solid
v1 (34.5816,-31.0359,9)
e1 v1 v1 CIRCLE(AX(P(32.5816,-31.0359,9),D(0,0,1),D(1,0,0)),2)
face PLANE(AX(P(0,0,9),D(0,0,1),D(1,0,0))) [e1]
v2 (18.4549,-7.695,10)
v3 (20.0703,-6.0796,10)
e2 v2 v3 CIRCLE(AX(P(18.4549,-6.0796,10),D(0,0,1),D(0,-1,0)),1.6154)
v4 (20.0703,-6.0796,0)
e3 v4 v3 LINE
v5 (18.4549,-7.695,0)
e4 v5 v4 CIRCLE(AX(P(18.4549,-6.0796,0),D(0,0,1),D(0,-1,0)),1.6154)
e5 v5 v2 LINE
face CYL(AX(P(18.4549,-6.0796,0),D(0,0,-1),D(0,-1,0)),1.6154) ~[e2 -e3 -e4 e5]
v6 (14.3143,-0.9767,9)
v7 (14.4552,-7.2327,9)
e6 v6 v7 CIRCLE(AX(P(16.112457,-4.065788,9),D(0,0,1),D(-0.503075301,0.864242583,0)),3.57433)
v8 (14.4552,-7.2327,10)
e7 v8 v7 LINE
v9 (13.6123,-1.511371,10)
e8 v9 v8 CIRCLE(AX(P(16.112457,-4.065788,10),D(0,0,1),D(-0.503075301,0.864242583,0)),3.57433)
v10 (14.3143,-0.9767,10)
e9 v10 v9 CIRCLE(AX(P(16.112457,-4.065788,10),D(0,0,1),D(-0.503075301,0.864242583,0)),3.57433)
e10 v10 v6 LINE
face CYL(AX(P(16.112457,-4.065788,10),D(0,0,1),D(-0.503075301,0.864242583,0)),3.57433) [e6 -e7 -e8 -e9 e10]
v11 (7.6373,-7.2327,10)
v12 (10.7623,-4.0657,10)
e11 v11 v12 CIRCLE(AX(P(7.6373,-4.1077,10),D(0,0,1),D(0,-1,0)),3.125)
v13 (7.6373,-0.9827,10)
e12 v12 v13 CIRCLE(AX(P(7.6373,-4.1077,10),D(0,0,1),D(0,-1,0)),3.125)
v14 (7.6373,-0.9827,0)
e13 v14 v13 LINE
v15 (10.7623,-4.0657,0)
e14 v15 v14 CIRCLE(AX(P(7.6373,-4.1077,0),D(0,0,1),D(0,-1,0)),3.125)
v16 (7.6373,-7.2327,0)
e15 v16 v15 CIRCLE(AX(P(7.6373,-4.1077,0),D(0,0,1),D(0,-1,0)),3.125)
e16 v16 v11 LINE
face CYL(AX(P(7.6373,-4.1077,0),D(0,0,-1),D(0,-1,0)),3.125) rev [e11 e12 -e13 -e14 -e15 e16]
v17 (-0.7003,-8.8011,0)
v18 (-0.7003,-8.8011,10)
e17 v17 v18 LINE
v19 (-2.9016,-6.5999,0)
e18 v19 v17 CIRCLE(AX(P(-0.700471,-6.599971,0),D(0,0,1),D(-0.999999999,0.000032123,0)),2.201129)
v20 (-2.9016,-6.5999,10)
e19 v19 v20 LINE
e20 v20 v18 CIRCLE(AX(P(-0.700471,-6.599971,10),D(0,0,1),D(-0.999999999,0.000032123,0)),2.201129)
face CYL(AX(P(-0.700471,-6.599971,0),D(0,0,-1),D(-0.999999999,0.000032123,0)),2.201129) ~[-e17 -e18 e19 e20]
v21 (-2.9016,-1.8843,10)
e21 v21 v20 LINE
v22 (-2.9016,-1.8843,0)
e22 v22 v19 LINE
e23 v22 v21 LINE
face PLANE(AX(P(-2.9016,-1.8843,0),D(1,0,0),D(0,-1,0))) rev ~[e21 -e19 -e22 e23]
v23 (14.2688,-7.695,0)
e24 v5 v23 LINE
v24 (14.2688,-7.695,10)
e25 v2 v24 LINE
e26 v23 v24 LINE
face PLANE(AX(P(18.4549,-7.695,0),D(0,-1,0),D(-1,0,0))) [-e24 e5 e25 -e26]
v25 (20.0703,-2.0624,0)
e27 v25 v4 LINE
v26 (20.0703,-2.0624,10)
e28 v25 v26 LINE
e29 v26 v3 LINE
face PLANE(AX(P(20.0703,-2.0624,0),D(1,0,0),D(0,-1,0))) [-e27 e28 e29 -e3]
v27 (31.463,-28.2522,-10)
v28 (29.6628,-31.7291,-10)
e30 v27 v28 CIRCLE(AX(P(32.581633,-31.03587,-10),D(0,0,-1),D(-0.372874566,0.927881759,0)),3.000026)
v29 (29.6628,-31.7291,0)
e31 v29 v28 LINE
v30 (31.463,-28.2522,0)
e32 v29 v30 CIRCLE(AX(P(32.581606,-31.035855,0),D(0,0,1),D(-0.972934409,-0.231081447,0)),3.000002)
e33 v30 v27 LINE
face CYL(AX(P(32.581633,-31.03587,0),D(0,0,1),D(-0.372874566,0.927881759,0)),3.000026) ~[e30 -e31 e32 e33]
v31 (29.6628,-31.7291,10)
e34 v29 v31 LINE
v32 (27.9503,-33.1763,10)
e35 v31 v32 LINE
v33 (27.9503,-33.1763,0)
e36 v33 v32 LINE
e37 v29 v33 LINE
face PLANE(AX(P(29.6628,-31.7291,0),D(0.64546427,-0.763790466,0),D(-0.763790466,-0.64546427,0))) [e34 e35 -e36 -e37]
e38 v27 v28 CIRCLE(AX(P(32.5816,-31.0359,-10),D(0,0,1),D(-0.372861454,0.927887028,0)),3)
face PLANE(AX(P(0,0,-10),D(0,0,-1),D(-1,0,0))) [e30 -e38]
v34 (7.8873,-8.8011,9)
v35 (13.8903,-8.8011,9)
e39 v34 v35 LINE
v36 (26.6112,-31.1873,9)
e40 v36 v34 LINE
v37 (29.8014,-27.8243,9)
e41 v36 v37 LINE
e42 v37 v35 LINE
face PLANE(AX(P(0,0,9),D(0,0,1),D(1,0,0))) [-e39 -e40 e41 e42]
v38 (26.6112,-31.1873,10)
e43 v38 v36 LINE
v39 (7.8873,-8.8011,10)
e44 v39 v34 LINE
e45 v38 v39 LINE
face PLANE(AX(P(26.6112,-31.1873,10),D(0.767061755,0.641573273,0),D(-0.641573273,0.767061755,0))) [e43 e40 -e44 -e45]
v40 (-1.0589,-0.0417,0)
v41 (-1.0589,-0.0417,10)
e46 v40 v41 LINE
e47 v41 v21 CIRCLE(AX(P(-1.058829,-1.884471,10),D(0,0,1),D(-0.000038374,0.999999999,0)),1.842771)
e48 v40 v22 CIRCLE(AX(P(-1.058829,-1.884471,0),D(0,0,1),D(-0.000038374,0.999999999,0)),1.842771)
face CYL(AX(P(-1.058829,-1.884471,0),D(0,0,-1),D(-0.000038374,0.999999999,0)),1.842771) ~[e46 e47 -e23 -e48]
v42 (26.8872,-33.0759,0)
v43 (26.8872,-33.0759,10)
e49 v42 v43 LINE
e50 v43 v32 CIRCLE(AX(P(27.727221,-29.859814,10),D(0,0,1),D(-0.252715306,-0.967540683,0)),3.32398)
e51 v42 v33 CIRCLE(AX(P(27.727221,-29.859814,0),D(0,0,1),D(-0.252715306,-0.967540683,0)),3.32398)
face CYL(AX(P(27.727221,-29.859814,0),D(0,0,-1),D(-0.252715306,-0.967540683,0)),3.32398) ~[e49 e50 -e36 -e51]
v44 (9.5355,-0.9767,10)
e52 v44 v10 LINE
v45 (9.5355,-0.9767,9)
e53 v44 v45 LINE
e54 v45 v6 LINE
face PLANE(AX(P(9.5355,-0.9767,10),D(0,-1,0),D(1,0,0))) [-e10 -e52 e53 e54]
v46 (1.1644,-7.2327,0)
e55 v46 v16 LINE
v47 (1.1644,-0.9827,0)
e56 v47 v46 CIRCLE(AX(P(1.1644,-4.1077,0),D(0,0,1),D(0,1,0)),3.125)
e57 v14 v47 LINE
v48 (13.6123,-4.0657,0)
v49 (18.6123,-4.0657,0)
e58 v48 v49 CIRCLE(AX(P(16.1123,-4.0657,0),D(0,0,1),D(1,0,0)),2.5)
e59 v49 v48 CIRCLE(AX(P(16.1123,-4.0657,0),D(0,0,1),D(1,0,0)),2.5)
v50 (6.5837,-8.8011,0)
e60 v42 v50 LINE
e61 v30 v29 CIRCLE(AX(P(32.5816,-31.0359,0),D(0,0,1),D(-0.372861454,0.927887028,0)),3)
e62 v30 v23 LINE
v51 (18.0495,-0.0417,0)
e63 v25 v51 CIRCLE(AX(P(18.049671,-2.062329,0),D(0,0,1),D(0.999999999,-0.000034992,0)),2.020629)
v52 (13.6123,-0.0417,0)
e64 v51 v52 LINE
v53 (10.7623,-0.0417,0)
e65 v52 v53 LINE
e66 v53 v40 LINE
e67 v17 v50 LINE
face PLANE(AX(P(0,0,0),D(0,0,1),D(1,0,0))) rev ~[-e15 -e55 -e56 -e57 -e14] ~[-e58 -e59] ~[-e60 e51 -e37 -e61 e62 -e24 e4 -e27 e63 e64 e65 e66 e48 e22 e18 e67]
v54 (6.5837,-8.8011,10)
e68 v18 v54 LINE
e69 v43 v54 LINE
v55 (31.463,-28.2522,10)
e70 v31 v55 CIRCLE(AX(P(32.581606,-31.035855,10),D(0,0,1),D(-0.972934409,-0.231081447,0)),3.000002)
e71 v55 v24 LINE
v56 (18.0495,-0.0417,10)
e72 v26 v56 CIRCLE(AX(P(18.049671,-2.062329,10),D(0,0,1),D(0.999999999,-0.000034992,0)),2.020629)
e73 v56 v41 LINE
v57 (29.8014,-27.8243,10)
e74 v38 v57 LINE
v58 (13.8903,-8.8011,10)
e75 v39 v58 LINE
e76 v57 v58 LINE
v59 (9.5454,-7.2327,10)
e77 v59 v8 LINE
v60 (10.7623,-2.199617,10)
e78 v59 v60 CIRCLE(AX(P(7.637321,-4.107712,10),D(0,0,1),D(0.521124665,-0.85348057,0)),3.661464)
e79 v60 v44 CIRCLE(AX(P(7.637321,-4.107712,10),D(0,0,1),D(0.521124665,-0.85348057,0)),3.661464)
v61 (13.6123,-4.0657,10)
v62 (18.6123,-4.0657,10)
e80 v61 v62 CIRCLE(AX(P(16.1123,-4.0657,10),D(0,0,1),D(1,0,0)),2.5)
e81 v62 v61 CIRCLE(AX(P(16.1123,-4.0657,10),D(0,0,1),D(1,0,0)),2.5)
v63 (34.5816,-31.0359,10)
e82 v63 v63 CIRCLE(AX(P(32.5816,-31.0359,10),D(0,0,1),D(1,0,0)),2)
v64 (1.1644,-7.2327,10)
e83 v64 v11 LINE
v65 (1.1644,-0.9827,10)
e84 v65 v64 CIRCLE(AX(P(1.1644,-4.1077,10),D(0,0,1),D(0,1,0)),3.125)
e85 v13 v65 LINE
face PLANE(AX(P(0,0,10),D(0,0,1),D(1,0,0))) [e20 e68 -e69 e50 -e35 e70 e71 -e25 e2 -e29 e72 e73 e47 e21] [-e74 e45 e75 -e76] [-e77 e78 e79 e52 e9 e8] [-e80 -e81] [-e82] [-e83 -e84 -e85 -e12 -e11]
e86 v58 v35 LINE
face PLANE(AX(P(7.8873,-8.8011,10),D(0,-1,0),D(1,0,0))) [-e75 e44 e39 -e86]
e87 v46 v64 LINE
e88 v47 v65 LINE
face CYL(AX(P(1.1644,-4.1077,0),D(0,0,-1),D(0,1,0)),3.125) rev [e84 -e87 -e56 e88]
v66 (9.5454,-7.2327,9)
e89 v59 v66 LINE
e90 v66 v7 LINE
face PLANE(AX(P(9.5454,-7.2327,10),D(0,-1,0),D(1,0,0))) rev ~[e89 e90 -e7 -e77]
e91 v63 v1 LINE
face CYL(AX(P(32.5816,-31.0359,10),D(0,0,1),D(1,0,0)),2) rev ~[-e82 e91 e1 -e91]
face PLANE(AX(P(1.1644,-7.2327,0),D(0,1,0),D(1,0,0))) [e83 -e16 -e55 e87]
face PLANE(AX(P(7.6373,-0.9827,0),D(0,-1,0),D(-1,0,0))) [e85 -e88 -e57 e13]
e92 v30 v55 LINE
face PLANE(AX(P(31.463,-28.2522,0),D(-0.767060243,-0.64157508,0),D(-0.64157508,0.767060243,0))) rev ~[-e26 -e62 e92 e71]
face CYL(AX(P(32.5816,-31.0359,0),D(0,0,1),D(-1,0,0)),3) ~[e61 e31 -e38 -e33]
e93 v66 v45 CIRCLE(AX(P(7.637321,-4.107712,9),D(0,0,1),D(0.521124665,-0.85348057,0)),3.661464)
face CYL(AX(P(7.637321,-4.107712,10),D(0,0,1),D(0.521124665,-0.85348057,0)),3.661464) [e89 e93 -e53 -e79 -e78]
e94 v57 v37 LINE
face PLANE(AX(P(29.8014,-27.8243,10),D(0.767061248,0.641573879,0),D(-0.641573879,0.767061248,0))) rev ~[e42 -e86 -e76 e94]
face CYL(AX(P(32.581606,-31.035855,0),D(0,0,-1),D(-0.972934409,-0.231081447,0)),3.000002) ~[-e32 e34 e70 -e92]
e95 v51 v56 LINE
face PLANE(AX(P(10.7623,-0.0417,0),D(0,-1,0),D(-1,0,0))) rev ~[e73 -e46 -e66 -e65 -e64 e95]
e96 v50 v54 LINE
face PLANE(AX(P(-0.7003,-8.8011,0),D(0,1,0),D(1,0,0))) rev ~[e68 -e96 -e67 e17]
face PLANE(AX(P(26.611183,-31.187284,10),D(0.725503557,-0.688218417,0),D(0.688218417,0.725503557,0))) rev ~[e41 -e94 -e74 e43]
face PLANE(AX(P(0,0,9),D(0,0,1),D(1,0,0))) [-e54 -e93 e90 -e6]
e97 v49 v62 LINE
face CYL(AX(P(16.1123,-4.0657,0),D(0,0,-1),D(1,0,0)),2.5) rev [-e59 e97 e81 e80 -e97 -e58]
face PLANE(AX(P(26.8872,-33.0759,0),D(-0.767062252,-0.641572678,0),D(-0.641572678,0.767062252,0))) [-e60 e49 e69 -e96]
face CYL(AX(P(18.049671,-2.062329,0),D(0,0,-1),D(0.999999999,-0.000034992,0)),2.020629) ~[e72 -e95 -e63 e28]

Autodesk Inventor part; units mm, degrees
ref_plane "YZ Plane" through (0, 0, 0) normal (1, 0, 0) x (0, 1, 0)
ref_plane "XZ Plane" through (0, 0, 0) normal (0, 1, 0) x (-1, 0, 0)
ref_plane "XY Plane" through (0, 0, 0) normal (0, 0, 1) x (1, 0, 0)
sketch "スケッチ1" plane through (0, 0, 0) normal (0, 0, 1) x (1, 0, 0)
  line L0 (18.4549, -7.695) -> (14.2688, -7.695)
  arc A0 (18.4549, -7.695) -> (20.0703, -6.0796) centre (18.4549, -6.0796) ccw
  line L1 (20.0703, -2.0624) -> (20.0703, -6.0796)
  line L2 (18.0495, -0.0417) -> (-1.0589, -0.0417)
  arc A1 (-1.0589, -0.0417) -> (-2.9016, -1.8843) centre (-1.0589, -1.8843) ccw
  line L3 (-2.9016, -1.8843) -> (-2.9016, -6.5999)
  arc A2 (-2.9016, -6.5999) -> (-0.7003, -8.8011) centre (-0.7003, -6.5999) ccw
  arc A3 (26.8872, -33.0759) -> (27.9503, -33.1763) centre (27.7277, -29.8571) ccw
  line L4 (29.6628, -31.7291) -> (27.9503, -33.1763)
  arc A4 (29.6628, -31.7291) -> (31.463, -28.2522) centre (32.5816, -31.0359) ccw
  line L5 (31.463, -28.2522) -> (14.2688, -7.695)
  circle A5 centre (16.1123, -4.0657) radius 2.5
  line L6 (7.6373, -0.9827) -> (1.1644, -0.9827)
  arc A6 (7.6373, -7.2327) -> (7.6373, -0.9827) centre (7.6373, -4.1077) ccw
  arc A7 (1.1644, -0.9827) -> (1.1644, -7.2327) centre (1.1644, -4.1077) ccw
  line L7 (26.8872, -33.0759) -> (6.5837, -8.8011)
  line L8 (-0.7003, -8.8011) -> (6.5837, -8.8011)
  arc A8 (20.0703, -2.0624) -> (18.0495, -0.0417) centre (18.0495, -2.0624) ccw
  line L9 (1.1644, -7.2327) -> (7.6373, -7.2327)
  line L10 (13.6123, -4.0657) -> (13.6123, 1.3375)
  line L11 (10.7623, -4.0657) -> (10.7623, 0.9924)
  point P0 (0, 0)
  point P1 (0, 0)
  point P2 (0, 0)
  dimension "d0" = 5
  dimension "d1" = 3.125
  dimension "d2" = 4.8539
  dimension "d3" = 4.066
  dimension "d4" = 4.066
  dimension "d5" = 90
  dimension "d6" = 90
  dimension "d7" = 3.125
  dimension "d8" = 3.9579
  dimension "d9" = 22.9718
  dimension "d10" = 3
  dimension "d11" = 2.85
extrude "押し出し1" add sketch "スケッチ1" along normal blind 10
sketch "スケッチ2" plane through (0, 0, 0) normal (0, 0, -1) x (-1, 0, 0)
  arc A0 (-31.463, -28.2522) -> (-29.6628, -31.7291) centre (-32.5816, -31.0359) ccw projected
  circle A1 centre (-32.5816, -31.0359) radius 3
  point P0 (0, 0)
extrude "押し出し2" add sketch "スケッチ2" along normal blind 10
sketch "スケッチ3" plane through (0, 0, 10) normal (0, 0, 1) x (1, 0, 0)
  line L0 (6.5837, -8.8011) -> (26.8872, -33.0759) projected
  line L1 (31.463, -28.2522) -> (14.2688, -7.695) projected
  line L2 (6.5837, -8.8011) -> (15.194, -8.8011)
  line L3 (26.8872, -33.0759) -> (31.463, -28.2522)
  line L4 (31.463, -28.2522) -> (15.194, -8.8011)
  line L5 (26.8872, -33.0759) -> (6.5837, -8.8011)
  line L6 (25.9184, -31.9176) -> (30.4942, -27.0939)
  line L7 (26.6112, -31.1873) -> (7.8873, -8.8011)
  line L8 (29.8014, -27.8243) -> (13.8903, -8.8011)
  point P0 (0, 0)
  dimension "d16" = 1.5
  dimension "d17" = 1
  dimension "d18" = 1
extrude "押し出し3" cut sketch "スケッチ3" against normal blind 1 contours L2 L8 L6 L7
sketch "スケッチ4" plane through (0, 0, 10) normal (0, 0, 1) x (1, 0, 0)
  arc A0 (7.6373, -7.2327) -> (7.6373, -0.9827) centre (7.6373, -4.1077) ccw projected
  circle A1 centre (16.1123, -4.0657) radius 2.5 projected
  line L0 (18.0495, -0.0417) -> (-1.0589, -0.0417) projected
  line L1 (14.2688, -7.695) -> (18.4549, -7.695) projected
  line L2 (7.8873, -8.8011) -> (13.8903, -8.8011) projected
  line L3 (13.8903, -8.8011) -> (29.8014, -27.8243) projected
  line L4 (29.8014, -27.8243) -> (26.6112, -31.1873) projected
  line L5 (26.6112, -31.1873) -> (7.8873, -8.8011) projected
  line L6 (7.8873, -8.8011) -> (13.8903, -8.8011) projected
  arc A2 (7.6373, -7.2327) -> (7.6373, -0.9827) centre (7.6373, -4.1077) ccw projected
  line L7 (7.6373, -7.2327) -> (1.1644, -7.2327) projected
  arc A3 (1.1644, -0.9827) -> (1.1644, -7.2327) centre (1.1644, -4.1077) ccw projected
  line L8 (1.1644, -0.9827) -> (7.6373, -0.9827) projected
  circle A4 centre (16.1123, -4.0657) radius 2.5 projected
  line L9 (14.2688, -7.695) -> (18.4549, -7.695) projected
  arc A5 (18.4549, -7.695) -> (20.0703, -6.0796) centre (18.4549, -6.0796) ccw projected
  line L10 (20.0703, -6.0796) -> (20.0703, -2.0624) projected
  arc A6 (20.0703, -2.0624) -> (18.0495, -0.0417) centre (18.0495, -2.0624) ccw projected
  line L11 (18.0495, -0.0417) -> (-1.0589, -0.0417) projected
  arc A7 (-1.0589, -0.0417) -> (-2.9016, -1.8843) centre (-1.0589, -1.8843) ccw projected
  line L12 (-2.9016, -1.8843) -> (-2.9016, -6.5999) projected
  arc A8 (-2.9016, -6.5999) -> (-0.7003, -8.8011) centre (-0.7003, -6.5999) ccw projected
  line L13 (-0.7003, -8.8011) -> (6.5837, -8.8011) projected
  line L14 (6.5837, -8.8011) -> (26.8872, -33.0759) projected
  arc A9 (26.8872, -33.0759) -> (27.9503, -33.1763) centre (27.7277, -29.8571) ccw projected
  line L15 (27.9503, -33.1763) -> (29.6628, -31.7291) projected
  arc A10 (29.6628, -31.7291) -> (31.463, -28.2522) centre (32.5816, -31.0359) ccw projected
  line L16 (31.463, -28.2522) -> (14.2688, -7.695) projected
  arc A11 (9.5454, -7.2327) -> (9.5355, -0.9767) centre (7.6373, -4.1077) ccw
  arc A12 (14.3143, -0.9767) -> (14.4552, -7.2327) centre (16.1123, -4.0657) ccw
  line L17 (9.5454, -7.2327) -> (14.4552, -7.2327)
  line L18 (9.5355, -0.9767) -> (14.3143, -0.9767)
  point P0 (0, 0)
extrude "押し出し4" cut sketch "スケッチ4" against normal blind 1 contours A11 L18 A12 L17
sketch "スケッチ5" plane through (0, 0, 10) normal (0, 0, 1) x (1, 0, 0)
  arc A0 (29.6628, -31.7291) -> (31.463, -28.2522) centre (32.5816, -31.0359) ccw projected
  circle A1 centre (32.5816, -31.0359) radius 2
  circle A2 centre (32.5816, -31.0359) radius 3
  point P0 (0, 0)
  dimension "d23" = 1
  dimension "d24" = 1
extrude "押し出し5" cut sketch "スケッチ5" against normal blind 1 contours A1
equation "\"d4\" = d3"
equation "\"d7\" = d1"
properties part number "finger_4_6mm"
